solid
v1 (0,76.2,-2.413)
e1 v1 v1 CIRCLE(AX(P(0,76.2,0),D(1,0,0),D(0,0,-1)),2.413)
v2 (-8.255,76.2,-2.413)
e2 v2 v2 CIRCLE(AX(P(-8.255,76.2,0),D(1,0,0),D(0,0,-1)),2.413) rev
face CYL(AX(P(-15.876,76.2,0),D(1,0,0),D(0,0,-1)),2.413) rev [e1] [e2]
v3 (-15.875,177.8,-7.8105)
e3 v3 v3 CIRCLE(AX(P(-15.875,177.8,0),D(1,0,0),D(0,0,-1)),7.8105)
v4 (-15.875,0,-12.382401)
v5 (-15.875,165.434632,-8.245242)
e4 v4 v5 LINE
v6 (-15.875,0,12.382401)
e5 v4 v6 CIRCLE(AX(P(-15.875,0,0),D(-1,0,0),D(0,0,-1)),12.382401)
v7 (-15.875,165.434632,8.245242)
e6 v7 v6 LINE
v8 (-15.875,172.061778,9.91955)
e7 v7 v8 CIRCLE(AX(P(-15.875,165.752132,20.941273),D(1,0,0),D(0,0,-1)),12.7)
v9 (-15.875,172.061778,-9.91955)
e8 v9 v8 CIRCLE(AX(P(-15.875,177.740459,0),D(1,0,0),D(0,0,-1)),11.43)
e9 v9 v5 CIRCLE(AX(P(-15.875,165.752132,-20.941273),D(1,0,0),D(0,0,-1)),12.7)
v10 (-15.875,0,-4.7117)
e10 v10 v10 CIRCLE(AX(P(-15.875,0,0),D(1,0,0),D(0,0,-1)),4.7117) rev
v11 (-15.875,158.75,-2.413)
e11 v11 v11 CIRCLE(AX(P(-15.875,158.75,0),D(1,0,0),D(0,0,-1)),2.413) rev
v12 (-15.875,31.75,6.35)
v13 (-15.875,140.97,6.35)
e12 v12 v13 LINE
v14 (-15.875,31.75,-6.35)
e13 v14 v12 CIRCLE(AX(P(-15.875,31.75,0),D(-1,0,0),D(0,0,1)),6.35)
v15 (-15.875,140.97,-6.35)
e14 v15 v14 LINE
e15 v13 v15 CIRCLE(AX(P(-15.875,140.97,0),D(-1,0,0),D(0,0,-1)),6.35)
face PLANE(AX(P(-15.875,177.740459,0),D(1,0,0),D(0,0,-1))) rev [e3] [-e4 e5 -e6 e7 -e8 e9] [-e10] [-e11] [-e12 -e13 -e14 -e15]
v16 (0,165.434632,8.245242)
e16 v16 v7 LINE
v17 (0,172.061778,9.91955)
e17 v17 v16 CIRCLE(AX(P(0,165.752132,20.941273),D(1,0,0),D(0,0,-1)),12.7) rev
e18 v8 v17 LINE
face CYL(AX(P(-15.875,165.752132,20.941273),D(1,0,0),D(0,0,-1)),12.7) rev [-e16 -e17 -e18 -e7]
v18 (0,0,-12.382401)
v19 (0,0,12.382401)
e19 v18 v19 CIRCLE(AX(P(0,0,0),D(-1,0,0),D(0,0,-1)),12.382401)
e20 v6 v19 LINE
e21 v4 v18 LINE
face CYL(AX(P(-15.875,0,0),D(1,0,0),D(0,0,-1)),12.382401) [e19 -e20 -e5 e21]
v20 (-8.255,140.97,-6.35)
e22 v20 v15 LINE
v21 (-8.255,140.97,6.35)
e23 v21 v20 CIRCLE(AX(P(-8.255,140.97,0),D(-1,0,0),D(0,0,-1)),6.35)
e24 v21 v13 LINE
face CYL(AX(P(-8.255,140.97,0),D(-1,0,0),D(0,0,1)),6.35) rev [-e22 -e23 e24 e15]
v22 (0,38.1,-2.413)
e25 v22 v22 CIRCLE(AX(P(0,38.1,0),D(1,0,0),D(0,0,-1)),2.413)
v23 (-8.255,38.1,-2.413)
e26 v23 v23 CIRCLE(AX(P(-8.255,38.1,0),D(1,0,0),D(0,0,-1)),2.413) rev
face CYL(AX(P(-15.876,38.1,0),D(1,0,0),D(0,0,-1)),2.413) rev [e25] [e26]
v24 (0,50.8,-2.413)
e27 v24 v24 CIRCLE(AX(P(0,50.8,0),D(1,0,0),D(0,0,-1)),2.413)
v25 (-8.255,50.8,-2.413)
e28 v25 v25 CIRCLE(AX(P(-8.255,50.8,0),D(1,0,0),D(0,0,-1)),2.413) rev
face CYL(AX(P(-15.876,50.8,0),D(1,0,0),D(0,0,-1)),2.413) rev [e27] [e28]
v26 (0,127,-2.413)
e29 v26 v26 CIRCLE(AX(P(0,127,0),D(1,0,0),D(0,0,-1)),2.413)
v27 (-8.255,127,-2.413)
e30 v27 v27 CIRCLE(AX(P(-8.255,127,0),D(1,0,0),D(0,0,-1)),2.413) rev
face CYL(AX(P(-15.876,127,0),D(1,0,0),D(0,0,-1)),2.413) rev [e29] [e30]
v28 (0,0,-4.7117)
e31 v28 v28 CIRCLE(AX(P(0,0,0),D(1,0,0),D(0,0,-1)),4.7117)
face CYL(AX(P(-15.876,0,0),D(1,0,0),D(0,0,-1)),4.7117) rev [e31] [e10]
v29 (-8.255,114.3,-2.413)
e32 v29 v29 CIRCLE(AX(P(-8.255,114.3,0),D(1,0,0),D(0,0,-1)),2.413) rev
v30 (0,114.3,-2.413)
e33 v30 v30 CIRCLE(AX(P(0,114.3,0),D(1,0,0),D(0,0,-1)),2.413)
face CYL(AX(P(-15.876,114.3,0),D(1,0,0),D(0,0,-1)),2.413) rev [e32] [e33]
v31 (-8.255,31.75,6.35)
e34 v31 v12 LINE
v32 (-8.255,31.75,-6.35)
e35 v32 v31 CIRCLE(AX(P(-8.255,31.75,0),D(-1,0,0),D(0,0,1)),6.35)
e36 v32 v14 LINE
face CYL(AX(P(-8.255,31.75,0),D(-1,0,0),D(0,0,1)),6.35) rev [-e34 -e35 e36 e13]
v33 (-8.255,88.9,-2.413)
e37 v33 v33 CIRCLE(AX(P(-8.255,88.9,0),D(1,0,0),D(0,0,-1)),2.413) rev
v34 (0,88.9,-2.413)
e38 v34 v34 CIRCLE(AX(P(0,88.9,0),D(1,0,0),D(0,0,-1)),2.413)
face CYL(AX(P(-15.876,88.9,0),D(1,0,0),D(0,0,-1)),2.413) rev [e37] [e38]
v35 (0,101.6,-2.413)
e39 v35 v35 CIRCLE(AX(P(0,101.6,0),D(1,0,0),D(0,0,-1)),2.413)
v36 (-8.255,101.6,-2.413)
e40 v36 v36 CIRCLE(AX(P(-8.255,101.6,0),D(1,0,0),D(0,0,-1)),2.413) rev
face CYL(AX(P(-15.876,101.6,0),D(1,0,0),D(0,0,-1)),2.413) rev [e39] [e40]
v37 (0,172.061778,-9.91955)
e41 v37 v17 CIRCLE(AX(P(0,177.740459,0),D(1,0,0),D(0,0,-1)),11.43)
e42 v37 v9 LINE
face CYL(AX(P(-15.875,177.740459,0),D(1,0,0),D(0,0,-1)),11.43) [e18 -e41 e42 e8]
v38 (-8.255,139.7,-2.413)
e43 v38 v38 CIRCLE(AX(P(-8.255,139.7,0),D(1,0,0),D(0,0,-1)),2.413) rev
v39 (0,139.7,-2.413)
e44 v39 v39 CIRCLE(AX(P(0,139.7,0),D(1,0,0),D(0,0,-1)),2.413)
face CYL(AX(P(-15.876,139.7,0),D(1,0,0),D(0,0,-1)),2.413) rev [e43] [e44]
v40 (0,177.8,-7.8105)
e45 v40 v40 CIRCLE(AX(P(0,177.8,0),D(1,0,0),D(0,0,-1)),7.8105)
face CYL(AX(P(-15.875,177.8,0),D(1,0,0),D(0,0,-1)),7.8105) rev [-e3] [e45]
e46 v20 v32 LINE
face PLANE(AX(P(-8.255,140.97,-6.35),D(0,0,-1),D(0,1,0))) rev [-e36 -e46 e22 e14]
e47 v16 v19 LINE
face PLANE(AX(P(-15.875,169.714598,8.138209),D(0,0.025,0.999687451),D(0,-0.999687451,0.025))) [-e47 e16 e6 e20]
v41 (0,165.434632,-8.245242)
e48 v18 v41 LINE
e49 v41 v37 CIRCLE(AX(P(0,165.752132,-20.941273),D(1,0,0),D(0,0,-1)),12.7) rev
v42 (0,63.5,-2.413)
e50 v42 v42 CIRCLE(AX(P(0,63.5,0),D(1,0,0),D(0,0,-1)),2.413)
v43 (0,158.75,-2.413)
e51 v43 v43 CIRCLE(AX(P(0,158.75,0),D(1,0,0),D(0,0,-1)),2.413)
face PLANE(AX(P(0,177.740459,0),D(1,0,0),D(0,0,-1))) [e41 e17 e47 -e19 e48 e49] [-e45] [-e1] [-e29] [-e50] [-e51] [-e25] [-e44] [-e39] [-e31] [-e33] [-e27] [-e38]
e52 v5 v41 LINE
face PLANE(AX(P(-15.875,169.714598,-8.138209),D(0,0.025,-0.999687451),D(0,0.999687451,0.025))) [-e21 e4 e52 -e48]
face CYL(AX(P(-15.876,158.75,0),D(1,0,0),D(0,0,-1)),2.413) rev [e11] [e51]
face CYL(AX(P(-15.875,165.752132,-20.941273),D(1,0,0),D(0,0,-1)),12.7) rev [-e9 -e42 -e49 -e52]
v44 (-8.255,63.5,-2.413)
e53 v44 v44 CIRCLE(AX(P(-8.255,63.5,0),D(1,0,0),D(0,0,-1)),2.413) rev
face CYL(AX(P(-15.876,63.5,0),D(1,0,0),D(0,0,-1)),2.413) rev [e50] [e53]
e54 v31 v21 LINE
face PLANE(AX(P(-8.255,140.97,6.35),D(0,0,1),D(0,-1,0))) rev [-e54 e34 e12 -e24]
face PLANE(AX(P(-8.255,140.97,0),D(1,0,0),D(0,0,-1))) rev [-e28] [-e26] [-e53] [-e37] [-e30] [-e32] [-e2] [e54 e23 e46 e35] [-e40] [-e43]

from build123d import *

# Parameters (mm, degrees)
VERTICAL_BAR_DEPTH     = 15.875
CUT_CABLE_HOLDER_REACH = 17.875
SKETCH5_R              = 2.413
CUT_PIVOT_HOLE_REACH   = 17.875
SKETCH6_R              = 4.7117
CUT_EXTRUDE8_DEPTH     = 16.875
SLOT_CUT_DEPTH         = 7.62
SKETCH10_R             = 7.8105
CUT_EXTRUDE9_DEPTH     = 16.875
FILLET1_R              = 12.7


with BuildPart() as part:
    # Sketch3 → Vertical Bar (new body)
    with BuildSketch(Plane(origin=(0, 0, 0), x_dir=(0, 0, -1), z_dir=(1, 0, 0))):
        with BuildLine():
            Line((-12.7, -12.7), (12.7, -12.7))
            Line((12.7, -12.7), (8.138209265, 169.714598123))
            ThreePointArc((8.138209265, 169.714598123), (0, 189.170459445), (-8.138209265, 169.714598123))
            Line((-8.138209265, 169.714598123), (-12.7, -12.7))
        make_face()
    extrude(amount=-VERTICAL_BAR_DEPTH)

    # Sketch5 → Cut-Cable holder (cut, up to next)
    with BuildSketch(Plane(origin=(0, 0, 0), x_dir=(0, 0, -1), z_dir=(1, 0, 0)), mode=Mode.PRIVATE) as cut_cable_holder_sk1:
        with Locations((0, 50.8)):
            Circle(SKETCH5_R)
    cut_cable_holder_tool1 = extrude(cut_cable_holder_sk1.sketch, amount=-CUT_CABLE_HOLDER_REACH, mode=Mode.PRIVATE) & part.part
    add(cut_cable_holder_tool1.solids().sort_by_distance((0, 50.8, 0))[0], mode=Mode.SUBTRACT)
    # Sketch5 → Cut-Cable holder (cut, up to next)
    with BuildSketch(Plane(origin=(0, 0, 0), x_dir=(0, 0, -1), z_dir=(1, 0, 0)), mode=Mode.PRIVATE) as cut_cable_holder_sk2:
        with Locations((0, 63.5)):
            Circle(SKETCH5_R)
    cut_cable_holder_tool2 = extrude(cut_cable_holder_sk2.sketch, amount=-CUT_CABLE_HOLDER_REACH, mode=Mode.PRIVATE) & part.part
    add(cut_cable_holder_tool2.solids().sort_by_distance((0, 63.5, 0))[0], mode=Mode.SUBTRACT)
    # Sketch5 → Cut-Cable holder (cut, up to next)
    with BuildSketch(Plane(origin=(0, 0, 0), x_dir=(0, 0, -1), z_dir=(1, 0, 0)), mode=Mode.PRIVATE) as cut_cable_holder_sk3:
        with Locations((0, 76.2)):
            Circle(SKETCH5_R)
    cut_cable_holder_tool3 = extrude(cut_cable_holder_sk3.sketch, amount=-CUT_CABLE_HOLDER_REACH, mode=Mode.PRIVATE) & part.part
    add(cut_cable_holder_tool3.solids().sort_by_distance((0, 76.2, 0))[0], mode=Mode.SUBTRACT)
    # Sketch5 → Cut-Cable holder (cut, up to next)
    with BuildSketch(Plane(origin=(0, 0, 0), x_dir=(0, 0, -1), z_dir=(1, 0, 0)), mode=Mode.PRIVATE) as cut_cable_holder_sk4:
        with Locations((0, 88.9)):
            Circle(SKETCH5_R)
    cut_cable_holder_tool4 = extrude(cut_cable_holder_sk4.sketch, amount=-CUT_CABLE_HOLDER_REACH, mode=Mode.PRIVATE) & part.part
    add(cut_cable_holder_tool4.solids().sort_by_distance((0, 88.9, 0))[0], mode=Mode.SUBTRACT)
    # Sketch5 → Cut-Cable holder (cut, up to next)
    with BuildSketch(Plane(origin=(0, 0, 0), x_dir=(0, 0, -1), z_dir=(1, 0, 0)), mode=Mode.PRIVATE) as cut_cable_holder_sk5:
        with Locations((0, 101.6)):
            Circle(SKETCH5_R)
    cut_cable_holder_tool5 = extrude(cut_cable_holder_sk5.sketch, amount=-CUT_CABLE_HOLDER_REACH, mode=Mode.PRIVATE) & part.part
    add(cut_cable_holder_tool5.solids().sort_by_distance((0, 101.6, 0))[0], mode=Mode.SUBTRACT)
    # Sketch5 → Cut-Cable holder (cut, up to next)
    with BuildSketch(Plane(origin=(0, 0, 0), x_dir=(0, 0, -1), z_dir=(1, 0, 0)), mode=Mode.PRIVATE) as cut_cable_holder_sk6:
        with Locations((0, 114.3)):
            Circle(SKETCH5_R)
    cut_cable_holder_tool6 = extrude(cut_cable_holder_sk6.sketch, amount=-CUT_CABLE_HOLDER_REACH, mode=Mode.PRIVATE) & part.part
    add(cut_cable_holder_tool6.solids().sort_by_distance((0, 114.3, 0))[0], mode=Mode.SUBTRACT)
    # Sketch5 → Cut-Cable holder (cut, up to next)
    with BuildSketch(Plane(origin=(0, 0, 0), x_dir=(0, 0, -1), z_dir=(1, 0, 0)), mode=Mode.PRIVATE) as cut_cable_holder_sk7:
        with Locations((0, 127)):
            Circle(SKETCH5_R)
    cut_cable_holder_tool7 = extrude(cut_cable_holder_sk7.sketch, amount=-CUT_CABLE_HOLDER_REACH, mode=Mode.PRIVATE) & part.part
    add(cut_cable_holder_tool7.solids().sort_by_distance((0, 127, 0))[0], mode=Mode.SUBTRACT)
    # Sketch5 → Cut-Cable holder (cut, up to next)
    with BuildSketch(Plane(origin=(0, 0, 0), x_dir=(0, 0, -1), z_dir=(1, 0, 0)), mode=Mode.PRIVATE) as cut_cable_holder_sk8:
        with Locations((0, 139.7)):
            Circle(SKETCH5_R)
    cut_cable_holder_tool8 = extrude(cut_cable_holder_sk8.sketch, amount=-CUT_CABLE_HOLDER_REACH, mode=Mode.PRIVATE) & part.part
    add(cut_cable_holder_tool8.solids().sort_by_distance((0, 139.7, 0))[0], mode=Mode.SUBTRACT)
    # Sketch5 → Cut-Cable holder (cut, up to next)
    with BuildSketch(Plane(origin=(0, 0, 0), x_dir=(0, 0, -1), z_dir=(1, 0, 0)), mode=Mode.PRIVATE) as cut_cable_holder_sk9:
        with Locations((0, 158.75)):
            Circle(SKETCH5_R)
    cut_cable_holder_tool9 = extrude(cut_cable_holder_sk9.sketch, amount=-CUT_CABLE_HOLDER_REACH, mode=Mode.PRIVATE) & part.part
    add(cut_cable_holder_tool9.solids().sort_by_distance((0, 158.75, 0))[0], mode=Mode.SUBTRACT)
    # Sketch5 → Cut-Cable holder (cut, up to next)
    with BuildSketch(Plane(origin=(0, 0, 0), x_dir=(0, 0, -1), z_dir=(1, 0, 0)), mode=Mode.PRIVATE) as cut_cable_holder_sk10:
        with Locations((0, 38.1)):
            Circle(SKETCH5_R)
    cut_cable_holder_tool10 = extrude(cut_cable_holder_sk10.sketch, amount=-CUT_CABLE_HOLDER_REACH, mode=Mode.PRIVATE) & part.part
    add(cut_cable_holder_tool10.solids().sort_by_distance((0, 38.1, 0))[0], mode=Mode.SUBTRACT)

    # Sketch6 → Cut-Pivot hole (cut, up to next)
    with BuildSketch(Plane(origin=(0, 0, 0), x_dir=(0, 0, -1), z_dir=(1, 0, 0)), mode=Mode.PRIVATE) as cut_pivot_hole_sk1:
        Circle(SKETCH6_R)
    cut_pivot_hole_tool1 = extrude(cut_pivot_hole_sk1.sketch, amount=-CUT_PIVOT_HOLE_REACH, mode=Mode.PRIVATE) & part.part
    add(cut_pivot_hole_tool1.solids().sort_by_distance((0, 0, 0))[0], mode=Mode.SUBTRACT)

    # Sketch8 → Cut-Extrude8 (cut, through all)
    with BuildSketch(Plane(origin=(0, 0, 0), x_dir=(0, 0, -1), z_dir=(1, 0, 0))):
        with BuildLine():
            Line((-12.382400735, 0), (-12.7, -12.7))
            Line((-12.7, -12.7), (12.7, -12.7))
            Line((12.7, -12.7), (12.382400735, 0))
            ThreePointArc((12.382400735, 0), (0, -12.382400735), (-12.382400735, 0))
        make_face()
    extrude(amount=-CUT_EXTRUDE8_DEPTH, mode=Mode.SUBTRACT)

    # Sketch9 → Slot Cut (cut)
    with BuildSketch(Plane.ZY.offset(15.875)):
        with BuildLine():
            Line((-6.35, 140.97), (-6.35, 31.75))
            ThreePointArc((-6.35, 31.75), (0, 25.4), (6.35, 31.75))
            Line((6.35, 31.75), (6.35, 140.97))
            ThreePointArc((6.35, 140.97), (0, 147.32), (-6.35, 140.97))
        make_face()
    extrude(amount=-SLOT_CUT_DEPTH, mode=Mode.SUBTRACT)

    # Sketch10 → Cut-Extrude9 (cut, through all)
    with BuildSketch(Plane(origin=(0, 0, 0), x_dir=(0, 0, -1), z_dir=(1, 0, 0))):
        with Locations((0, 177.8)):
            Circle(SKETCH10_R)
    extrude(amount=-CUT_EXTRUDE9_DEPTH, mode=Mode.SUBTRACT)

    # Fillet1
    fillet1_edges = [part.edges().sort_by_distance(p)[0] for p in [
        (-7.9375, 169.714598123, 8.138209265),
        (-7.9375, 169.714598123, -8.138209265),
    ]]
    fillet(fillet1_edges, radius=FILLET1_R)


solid = part.part
